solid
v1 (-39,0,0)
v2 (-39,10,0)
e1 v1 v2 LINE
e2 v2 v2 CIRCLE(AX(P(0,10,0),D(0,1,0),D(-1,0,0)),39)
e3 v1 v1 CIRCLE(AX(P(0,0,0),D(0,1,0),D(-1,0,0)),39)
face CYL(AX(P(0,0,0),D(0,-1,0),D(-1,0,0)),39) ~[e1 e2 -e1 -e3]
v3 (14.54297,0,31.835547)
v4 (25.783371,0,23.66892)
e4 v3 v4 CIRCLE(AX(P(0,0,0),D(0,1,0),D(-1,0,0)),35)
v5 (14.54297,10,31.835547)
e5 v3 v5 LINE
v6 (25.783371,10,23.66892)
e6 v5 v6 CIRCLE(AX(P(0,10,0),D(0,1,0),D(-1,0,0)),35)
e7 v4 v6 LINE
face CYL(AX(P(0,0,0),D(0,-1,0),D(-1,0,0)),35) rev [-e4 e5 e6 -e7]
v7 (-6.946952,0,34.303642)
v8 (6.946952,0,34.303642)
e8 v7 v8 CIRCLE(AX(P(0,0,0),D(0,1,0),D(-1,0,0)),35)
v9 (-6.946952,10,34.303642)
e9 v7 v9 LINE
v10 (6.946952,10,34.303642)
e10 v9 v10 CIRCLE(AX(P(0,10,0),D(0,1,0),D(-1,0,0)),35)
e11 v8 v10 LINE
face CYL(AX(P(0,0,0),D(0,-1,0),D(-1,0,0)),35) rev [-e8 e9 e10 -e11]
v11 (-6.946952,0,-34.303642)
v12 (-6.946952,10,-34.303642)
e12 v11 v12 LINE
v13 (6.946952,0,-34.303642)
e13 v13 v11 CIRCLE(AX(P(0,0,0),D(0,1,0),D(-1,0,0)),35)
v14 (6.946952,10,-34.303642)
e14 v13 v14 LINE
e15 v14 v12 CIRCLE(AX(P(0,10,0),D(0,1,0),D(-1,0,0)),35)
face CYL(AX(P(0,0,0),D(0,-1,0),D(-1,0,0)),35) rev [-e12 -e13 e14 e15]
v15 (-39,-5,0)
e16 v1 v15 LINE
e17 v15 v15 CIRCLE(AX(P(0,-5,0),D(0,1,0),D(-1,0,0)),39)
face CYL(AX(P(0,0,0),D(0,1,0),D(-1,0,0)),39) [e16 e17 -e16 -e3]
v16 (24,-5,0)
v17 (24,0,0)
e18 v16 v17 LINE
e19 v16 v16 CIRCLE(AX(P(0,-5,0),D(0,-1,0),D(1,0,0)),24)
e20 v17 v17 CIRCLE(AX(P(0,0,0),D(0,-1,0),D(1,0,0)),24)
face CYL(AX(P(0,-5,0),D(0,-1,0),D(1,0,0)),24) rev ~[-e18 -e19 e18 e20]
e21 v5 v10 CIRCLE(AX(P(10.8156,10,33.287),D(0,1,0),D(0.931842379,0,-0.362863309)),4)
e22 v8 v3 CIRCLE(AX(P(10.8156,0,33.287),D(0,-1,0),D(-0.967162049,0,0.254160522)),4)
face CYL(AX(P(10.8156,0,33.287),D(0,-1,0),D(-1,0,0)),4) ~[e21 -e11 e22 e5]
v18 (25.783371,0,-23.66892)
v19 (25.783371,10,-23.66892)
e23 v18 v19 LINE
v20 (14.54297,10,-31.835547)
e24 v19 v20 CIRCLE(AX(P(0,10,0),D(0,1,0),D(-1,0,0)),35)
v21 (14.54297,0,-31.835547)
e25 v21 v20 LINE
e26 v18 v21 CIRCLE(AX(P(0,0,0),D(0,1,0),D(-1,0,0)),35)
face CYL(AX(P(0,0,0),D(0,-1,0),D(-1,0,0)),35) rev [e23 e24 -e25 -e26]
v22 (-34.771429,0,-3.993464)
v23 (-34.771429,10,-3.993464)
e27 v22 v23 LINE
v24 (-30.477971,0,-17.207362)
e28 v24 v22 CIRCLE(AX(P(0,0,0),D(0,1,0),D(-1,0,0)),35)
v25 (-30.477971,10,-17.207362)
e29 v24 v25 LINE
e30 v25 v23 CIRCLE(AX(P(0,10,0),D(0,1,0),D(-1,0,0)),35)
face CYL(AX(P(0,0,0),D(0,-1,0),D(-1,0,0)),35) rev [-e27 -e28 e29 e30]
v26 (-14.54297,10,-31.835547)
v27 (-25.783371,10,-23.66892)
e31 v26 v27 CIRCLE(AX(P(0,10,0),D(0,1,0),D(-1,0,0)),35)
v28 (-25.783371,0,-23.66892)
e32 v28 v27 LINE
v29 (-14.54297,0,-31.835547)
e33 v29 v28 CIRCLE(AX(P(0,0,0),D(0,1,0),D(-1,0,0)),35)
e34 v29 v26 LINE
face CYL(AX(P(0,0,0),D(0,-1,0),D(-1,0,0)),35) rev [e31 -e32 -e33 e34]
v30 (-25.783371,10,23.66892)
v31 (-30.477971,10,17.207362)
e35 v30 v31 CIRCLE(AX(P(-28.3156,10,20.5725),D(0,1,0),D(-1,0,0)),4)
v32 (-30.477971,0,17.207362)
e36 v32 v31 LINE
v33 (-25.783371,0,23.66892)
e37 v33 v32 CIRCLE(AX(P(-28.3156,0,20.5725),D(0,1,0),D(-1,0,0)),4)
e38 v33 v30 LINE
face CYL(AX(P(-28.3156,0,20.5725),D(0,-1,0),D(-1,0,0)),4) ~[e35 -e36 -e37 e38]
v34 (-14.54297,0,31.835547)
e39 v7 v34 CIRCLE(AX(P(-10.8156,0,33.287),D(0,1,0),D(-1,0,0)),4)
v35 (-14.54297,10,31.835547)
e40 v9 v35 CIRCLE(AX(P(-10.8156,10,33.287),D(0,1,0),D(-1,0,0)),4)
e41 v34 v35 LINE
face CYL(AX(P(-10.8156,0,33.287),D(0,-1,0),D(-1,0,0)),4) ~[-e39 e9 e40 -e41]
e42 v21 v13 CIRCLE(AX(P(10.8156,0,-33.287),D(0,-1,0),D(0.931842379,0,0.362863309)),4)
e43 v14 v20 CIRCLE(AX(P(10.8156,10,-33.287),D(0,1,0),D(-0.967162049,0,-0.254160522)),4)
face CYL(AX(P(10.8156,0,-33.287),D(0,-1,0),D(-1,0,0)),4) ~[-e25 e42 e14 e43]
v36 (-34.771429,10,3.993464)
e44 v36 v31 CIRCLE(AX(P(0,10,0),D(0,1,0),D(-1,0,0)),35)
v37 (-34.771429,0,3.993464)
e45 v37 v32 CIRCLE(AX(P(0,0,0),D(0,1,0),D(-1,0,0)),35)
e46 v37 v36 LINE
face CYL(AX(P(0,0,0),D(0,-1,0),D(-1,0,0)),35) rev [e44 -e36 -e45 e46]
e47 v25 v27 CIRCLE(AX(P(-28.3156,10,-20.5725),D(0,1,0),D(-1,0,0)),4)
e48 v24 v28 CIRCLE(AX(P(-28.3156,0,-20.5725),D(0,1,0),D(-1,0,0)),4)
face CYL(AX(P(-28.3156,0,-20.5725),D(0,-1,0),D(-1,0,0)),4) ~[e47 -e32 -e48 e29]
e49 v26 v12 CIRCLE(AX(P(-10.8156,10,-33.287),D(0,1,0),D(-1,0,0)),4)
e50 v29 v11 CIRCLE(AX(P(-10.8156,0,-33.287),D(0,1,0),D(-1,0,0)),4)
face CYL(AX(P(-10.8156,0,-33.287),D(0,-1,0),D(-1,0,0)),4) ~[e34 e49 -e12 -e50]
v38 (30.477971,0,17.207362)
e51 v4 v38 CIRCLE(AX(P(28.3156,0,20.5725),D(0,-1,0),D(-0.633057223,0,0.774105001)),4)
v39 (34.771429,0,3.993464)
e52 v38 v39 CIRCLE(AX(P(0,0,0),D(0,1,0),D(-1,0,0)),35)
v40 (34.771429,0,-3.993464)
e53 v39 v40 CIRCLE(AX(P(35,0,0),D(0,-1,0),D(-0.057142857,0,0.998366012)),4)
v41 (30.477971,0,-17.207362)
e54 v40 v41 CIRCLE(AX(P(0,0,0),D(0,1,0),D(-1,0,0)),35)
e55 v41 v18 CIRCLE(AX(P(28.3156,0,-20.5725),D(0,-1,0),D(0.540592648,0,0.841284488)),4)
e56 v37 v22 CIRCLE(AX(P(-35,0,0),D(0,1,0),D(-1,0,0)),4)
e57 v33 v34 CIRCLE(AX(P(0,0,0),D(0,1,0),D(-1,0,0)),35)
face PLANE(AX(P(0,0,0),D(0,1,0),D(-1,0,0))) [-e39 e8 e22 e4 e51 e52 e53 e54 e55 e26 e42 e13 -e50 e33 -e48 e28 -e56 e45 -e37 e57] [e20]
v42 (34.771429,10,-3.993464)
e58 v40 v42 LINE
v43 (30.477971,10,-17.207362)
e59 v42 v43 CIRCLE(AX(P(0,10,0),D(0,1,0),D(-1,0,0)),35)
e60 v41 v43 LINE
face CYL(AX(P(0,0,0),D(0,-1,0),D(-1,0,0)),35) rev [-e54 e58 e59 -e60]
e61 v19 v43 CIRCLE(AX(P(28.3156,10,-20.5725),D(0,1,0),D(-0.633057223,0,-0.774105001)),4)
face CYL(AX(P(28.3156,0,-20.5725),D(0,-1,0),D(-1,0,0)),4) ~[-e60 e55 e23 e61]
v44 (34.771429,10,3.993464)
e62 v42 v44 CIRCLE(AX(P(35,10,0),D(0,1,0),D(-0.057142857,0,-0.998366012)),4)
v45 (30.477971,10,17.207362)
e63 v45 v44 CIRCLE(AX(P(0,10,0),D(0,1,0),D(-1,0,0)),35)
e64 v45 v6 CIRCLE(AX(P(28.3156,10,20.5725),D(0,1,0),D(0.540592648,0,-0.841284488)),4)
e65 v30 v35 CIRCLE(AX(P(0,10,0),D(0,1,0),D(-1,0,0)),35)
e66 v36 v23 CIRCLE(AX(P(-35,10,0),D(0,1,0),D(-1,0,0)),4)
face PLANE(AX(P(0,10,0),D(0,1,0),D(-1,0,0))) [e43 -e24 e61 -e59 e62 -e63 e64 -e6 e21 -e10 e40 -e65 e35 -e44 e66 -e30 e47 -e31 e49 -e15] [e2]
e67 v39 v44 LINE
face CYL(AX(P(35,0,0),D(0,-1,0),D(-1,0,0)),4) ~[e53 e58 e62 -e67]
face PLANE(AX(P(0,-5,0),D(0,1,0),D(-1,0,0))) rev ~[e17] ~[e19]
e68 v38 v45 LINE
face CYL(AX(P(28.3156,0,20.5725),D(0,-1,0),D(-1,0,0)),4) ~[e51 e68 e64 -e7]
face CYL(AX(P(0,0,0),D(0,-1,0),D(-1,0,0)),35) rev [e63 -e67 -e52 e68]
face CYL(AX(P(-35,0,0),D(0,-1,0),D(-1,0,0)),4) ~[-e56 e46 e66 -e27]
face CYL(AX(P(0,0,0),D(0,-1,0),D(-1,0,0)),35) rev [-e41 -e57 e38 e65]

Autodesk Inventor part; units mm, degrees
ref_plane "YZ Plane" through (0, 0, 0) normal (1, 0, 0) x (0, 1, 0)
ref_plane "XZ Plane" through (0, 0, 0) normal (0, 1, 0) x (-1, 0, 0)
ref_plane "XY Plane" through (0, 0, 0) normal (0, 0, 1) x (1, 0, 0)
sketch "Sketch1" plane through (0, 0, 0) normal (0, 1, 0) x (-1, 0, 0)
  circle A0 centre (0, 0) radius 35
  circle A1 centre (35, 0) radius 4
  circle A2 centre (28.3156, 20.5725) radius 4
  circle A3 centre (10.8156, 33.287) radius 4
  circle A4 centre (-10.8156, 33.287) radius 4
  circle A5 centre (-28.3156, 20.5725) radius 4
  circle A6 centre (-35, 0) radius 4
  circle A7 centre (-28.3156, -20.5725) radius 4
  circle A8 centre (-10.8156, -33.287) radius 4
  circle A9 centre (10.8156, -33.287) radius 4
  circle A10 centre (28.3156, -20.5725) radius 4
  circle A11 centre (0, 0) radius 39
  point P0 (-25.7834, 23.6689)
  point P1 (-14.543, 31.8355)
  point P2 (-6.947, 34.3036)
  point P3 (6.947, 34.3036)
  point P4 (14.543, 31.8355)
  point P5 (25.7834, 23.6689)
  point P6 (30.478, 17.2074)
  point P7 (34.7714, 3.9935)
  point P8 (34.7714, -3.9935)
  point P9 (30.478, -17.2074)
  point P10 (25.7834, -23.6689)
  point P11 (14.543, -31.8355)
  point P12 (6.947, -34.3036)
  point P13 (-6.947, -34.3036)
  point P14 (-14.543, -31.8355)
  point P15 (-25.7834, -23.6689)
  point P16 (-30.478, -17.2074)
  point P17 (-34.7714, -3.9935)
  point P18 (-34.7714, 3.9935)
  point P19 (-30.478, 17.2074)
  dimension "d1" = 70
  dimension "d2" = 8
  dimension "d5" = 360
  dimension "d7" = 78
extrude "Extrusion1" add sketch "Sketch1" against normal blind 5
extrude "Extrusion2" add sketch "Sketch1" along normal blind 10 contours A0 A1 | A0 A1 | A0 A2 A11 A1 | A1 A11 A10 A0 | A2 A0 | A0 A2 | A10 A0 | A0 A10 | A0 A3 A11 A2 | A11 A9 A0 A10 | A3 A0 | A0 A3 | A3 A0 A4 A11 | A11 A8 A0 A9 | A9 A0 | A0 A9 | A4 A0 | A4 A0 A5 A11 | A11 A7 A0 A8 | A8 A0 | A4 A0 | A5 A0 | A5 A0 A6 A11 | A0 A8 | A11 A6 A0 A7 | A7 A0 | A5 A0 | A6 A0 | A0 A7 | A6 A0
sketch "Sketch2" plane through (0, 0, 0) normal (0, 1, 0) x (1, 0, 0)
  circle A0 centre (0, 0) radius 5
  dimension "d12" = 10
extrude "Extrusion3" cut sketch "Sketch2" against normal blind 10
sketch "Sketch3" plane through (0, -5, 0) normal (0, -1, 0) x (1, 0, 0)
  circle A0 centre (0, 0) radius 24
  dimension "d18" = 48
extrude "Extrusion4" cut sketch "Sketch3" against normal blind 10
properties part number "ring"
